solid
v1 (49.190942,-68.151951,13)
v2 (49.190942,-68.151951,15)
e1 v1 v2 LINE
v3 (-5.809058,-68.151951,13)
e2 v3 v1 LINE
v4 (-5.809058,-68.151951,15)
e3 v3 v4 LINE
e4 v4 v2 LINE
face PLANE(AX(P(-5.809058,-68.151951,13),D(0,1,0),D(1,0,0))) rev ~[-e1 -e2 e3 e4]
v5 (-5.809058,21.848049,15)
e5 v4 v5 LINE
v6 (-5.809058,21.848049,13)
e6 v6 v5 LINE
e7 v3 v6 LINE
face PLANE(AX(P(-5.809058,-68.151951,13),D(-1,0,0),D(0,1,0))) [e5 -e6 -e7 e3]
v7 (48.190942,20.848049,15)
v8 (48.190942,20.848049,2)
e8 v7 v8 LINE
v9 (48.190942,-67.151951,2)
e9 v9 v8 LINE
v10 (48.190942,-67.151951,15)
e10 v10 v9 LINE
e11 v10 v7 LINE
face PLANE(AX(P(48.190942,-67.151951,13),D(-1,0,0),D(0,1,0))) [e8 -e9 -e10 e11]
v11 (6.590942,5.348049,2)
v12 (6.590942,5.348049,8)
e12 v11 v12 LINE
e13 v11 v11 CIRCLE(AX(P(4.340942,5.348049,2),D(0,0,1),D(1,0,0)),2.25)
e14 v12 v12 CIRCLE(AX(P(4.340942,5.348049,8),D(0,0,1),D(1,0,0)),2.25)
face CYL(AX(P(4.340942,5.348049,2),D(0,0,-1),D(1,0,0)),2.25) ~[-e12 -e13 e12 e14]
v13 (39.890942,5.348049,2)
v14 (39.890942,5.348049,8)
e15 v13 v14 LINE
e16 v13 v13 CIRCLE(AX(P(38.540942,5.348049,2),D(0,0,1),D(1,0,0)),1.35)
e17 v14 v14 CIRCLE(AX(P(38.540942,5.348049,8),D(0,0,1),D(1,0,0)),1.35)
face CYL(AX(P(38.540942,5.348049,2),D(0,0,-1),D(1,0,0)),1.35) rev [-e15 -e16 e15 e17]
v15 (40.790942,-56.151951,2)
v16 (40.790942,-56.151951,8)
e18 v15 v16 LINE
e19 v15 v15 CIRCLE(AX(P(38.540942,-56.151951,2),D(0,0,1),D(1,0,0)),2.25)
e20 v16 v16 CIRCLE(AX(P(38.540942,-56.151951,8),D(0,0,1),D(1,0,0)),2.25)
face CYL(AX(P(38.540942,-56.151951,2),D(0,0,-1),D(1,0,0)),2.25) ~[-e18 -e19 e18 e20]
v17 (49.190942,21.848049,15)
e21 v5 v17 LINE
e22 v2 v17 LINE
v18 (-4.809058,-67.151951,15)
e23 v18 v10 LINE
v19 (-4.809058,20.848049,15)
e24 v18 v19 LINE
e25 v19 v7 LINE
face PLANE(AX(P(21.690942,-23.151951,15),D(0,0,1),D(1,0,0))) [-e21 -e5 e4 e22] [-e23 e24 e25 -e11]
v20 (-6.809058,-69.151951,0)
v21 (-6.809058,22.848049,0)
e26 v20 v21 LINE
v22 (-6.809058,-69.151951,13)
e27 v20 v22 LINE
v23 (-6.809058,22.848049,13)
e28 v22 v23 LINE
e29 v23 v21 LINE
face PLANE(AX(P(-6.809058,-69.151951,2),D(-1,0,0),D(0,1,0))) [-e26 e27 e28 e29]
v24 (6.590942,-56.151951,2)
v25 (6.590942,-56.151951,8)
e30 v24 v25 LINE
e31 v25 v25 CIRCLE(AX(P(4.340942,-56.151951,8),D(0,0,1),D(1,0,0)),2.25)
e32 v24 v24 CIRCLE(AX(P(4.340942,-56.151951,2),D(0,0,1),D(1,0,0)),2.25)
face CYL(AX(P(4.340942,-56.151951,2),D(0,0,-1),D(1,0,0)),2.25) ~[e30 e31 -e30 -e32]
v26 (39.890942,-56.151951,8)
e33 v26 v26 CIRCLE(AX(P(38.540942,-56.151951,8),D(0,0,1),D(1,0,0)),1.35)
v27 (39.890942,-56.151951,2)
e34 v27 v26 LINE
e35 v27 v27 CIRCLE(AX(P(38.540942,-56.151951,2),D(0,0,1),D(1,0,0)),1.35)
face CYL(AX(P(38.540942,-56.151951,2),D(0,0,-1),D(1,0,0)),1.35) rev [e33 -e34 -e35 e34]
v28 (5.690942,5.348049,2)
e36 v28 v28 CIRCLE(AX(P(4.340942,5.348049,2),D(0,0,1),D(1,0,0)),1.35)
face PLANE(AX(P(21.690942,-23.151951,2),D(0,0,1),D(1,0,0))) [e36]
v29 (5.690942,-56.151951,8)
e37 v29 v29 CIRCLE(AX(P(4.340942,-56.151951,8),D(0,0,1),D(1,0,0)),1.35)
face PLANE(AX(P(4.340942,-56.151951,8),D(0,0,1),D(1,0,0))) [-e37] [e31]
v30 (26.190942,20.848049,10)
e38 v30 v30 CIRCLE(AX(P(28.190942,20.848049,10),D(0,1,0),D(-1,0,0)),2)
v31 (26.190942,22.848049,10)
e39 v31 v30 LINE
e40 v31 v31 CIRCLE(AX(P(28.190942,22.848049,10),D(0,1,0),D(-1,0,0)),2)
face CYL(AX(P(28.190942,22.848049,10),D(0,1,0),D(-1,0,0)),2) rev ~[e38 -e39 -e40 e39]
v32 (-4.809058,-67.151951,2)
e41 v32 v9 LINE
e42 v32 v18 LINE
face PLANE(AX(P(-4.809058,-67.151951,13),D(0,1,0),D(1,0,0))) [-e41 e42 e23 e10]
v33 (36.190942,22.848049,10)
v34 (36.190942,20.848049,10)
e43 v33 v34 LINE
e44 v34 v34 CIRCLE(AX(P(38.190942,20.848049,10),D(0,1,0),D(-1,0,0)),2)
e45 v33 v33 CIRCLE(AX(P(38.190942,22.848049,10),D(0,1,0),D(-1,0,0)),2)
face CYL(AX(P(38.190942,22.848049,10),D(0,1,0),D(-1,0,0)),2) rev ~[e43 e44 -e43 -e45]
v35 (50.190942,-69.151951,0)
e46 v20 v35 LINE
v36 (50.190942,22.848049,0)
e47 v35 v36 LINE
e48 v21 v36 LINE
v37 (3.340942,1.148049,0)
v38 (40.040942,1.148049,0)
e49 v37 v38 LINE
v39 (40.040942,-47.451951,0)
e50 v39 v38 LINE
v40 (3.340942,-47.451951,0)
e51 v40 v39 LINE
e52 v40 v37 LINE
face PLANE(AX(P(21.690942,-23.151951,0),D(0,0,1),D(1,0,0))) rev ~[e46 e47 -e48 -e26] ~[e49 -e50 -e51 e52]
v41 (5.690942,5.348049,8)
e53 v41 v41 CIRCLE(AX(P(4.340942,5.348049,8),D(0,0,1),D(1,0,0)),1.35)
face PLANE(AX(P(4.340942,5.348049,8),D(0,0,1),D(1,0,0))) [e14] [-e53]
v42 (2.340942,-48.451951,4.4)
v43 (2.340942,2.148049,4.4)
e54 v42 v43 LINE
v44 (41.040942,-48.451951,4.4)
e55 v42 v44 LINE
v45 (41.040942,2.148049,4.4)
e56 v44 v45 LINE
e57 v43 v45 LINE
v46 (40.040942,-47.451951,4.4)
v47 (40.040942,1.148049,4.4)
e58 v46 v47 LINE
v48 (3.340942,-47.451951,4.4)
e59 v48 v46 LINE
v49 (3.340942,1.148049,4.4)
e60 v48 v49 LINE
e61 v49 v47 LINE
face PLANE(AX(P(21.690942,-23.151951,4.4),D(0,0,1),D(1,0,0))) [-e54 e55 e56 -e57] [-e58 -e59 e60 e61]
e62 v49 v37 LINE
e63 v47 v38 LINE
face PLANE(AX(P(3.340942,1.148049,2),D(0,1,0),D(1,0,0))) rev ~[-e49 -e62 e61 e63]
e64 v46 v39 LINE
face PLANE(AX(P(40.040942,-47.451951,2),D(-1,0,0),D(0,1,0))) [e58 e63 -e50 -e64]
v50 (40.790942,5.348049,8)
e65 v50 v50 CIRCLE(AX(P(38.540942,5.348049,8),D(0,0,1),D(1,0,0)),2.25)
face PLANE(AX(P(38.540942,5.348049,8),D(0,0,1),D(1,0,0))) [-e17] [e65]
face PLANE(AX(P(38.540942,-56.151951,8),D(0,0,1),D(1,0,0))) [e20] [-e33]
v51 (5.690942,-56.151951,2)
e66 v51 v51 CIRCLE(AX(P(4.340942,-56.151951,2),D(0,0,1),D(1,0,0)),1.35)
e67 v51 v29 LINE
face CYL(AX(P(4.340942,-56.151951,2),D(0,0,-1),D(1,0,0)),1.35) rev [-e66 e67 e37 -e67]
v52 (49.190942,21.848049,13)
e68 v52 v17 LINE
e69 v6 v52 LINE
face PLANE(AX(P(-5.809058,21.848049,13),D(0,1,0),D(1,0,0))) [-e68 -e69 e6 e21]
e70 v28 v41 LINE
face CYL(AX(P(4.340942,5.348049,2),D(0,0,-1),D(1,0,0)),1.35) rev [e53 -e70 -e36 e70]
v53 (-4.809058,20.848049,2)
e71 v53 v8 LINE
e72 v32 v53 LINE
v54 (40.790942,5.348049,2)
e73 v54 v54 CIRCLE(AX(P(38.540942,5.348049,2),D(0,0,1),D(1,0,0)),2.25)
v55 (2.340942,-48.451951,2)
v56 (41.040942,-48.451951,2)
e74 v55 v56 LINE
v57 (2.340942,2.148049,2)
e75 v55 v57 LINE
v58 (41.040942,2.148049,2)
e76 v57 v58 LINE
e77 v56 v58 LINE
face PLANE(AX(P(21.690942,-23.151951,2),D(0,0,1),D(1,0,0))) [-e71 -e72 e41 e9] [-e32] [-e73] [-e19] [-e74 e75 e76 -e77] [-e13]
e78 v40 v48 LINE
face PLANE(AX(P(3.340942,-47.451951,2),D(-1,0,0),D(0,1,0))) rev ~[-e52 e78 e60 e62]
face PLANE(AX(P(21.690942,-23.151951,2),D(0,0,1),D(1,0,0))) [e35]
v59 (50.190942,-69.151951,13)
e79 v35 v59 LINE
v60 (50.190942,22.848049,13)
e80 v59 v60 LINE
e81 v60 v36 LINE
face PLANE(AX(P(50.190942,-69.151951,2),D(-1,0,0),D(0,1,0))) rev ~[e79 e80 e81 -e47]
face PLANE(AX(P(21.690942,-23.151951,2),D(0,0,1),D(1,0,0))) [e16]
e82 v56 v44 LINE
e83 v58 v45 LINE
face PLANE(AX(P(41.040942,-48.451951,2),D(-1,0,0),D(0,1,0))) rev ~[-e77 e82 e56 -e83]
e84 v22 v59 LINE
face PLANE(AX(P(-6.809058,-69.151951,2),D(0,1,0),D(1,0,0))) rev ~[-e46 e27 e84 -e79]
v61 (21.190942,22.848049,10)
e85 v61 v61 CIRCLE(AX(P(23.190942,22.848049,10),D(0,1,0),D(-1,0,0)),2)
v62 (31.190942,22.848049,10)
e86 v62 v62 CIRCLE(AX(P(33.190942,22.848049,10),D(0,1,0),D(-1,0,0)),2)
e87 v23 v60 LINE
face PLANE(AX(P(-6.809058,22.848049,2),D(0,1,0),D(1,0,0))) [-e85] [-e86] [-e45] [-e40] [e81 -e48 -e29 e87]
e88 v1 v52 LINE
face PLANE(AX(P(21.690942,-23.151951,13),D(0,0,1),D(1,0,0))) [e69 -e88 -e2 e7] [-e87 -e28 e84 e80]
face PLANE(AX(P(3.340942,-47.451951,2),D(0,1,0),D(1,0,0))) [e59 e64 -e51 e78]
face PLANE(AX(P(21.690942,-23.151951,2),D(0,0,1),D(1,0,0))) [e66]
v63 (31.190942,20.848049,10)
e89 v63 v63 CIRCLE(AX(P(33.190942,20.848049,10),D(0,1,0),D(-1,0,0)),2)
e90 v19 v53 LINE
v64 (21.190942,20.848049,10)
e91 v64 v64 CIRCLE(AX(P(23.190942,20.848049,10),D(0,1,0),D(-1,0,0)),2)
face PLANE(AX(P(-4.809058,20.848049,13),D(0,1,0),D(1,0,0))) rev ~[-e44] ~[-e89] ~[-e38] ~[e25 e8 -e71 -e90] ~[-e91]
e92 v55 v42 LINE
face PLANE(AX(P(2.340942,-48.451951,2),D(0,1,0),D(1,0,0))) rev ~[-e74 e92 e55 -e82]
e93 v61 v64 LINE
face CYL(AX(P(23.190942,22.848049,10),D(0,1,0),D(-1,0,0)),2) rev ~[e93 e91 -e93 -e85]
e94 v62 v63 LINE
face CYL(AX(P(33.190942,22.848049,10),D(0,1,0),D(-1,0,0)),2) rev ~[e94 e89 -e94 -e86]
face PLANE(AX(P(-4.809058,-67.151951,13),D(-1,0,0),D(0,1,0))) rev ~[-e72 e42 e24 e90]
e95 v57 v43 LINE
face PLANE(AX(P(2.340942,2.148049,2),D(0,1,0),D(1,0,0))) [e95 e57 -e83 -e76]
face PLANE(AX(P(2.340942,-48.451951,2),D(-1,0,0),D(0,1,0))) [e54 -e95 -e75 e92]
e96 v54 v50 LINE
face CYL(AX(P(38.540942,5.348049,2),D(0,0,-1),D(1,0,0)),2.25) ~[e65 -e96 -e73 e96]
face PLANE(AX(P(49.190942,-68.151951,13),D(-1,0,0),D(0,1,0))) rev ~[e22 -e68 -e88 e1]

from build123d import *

# Parameters (mm, degrees)
SKETCH_W      = 57
SKETCH_H      = 92
SKETCH_W_2    = 36.7
SKETCH_H_2    = 48.6
PAD_DEPTH     = 2
SKETCH001_R   = 2.25
SKETCH001_R_2 = 1.35
PAD001_DEPTH  = 6
SKETCH002_W   = 57
SKETCH002_H   = 92
SKETCH002_W_2 = 53
SKETCH002_H_2 = 88
PAD002_DEPTH  = 11
SKETCH007_W   = 38.7
SKETCH007_H   = 50.6
SKETCH007_W_2 = 36.7
SKETCH007_H_2 = 48.6
PAD005_DEPTH  = 2.4
SKETCH008_W   = 55
SKETCH008_H   = 90
SKETCH008_W_2 = 53
SKETCH008_H_2 = 88
PAD006_DEPTH  = 2
SKETCH009_R   = 2
POCKET_DEPTH  = 5


with BuildPart() as part:
    # Sketch → Pad (new body)
    with BuildSketch(Plane.XY):
        with Locations((21.690942, -23.151951)):
            Rectangle(SKETCH_W, SKETCH_H)
        with Locations((21.690942, -23.151951)):
            Rectangle(SKETCH_W_2, SKETCH_H_2, mode=Mode.SUBTRACT)
    extrude(amount=PAD_DEPTH)

    # Sketch001 (on Face10 of Pad) → Pad001 (join)
    with BuildSketch(Plane.XY.offset(2)):
        with Locations((4.340942, 5.348049)):
            Circle(SKETCH001_R)
        with Locations((4.340942, 5.348049)):
            Circle(SKETCH001_R_2, mode=Mode.SUBTRACT)
        with Locations((38.540942, 5.348049)):
            Circle(SKETCH001_R)
        with Locations((38.540942, 5.348049)):
            Circle(SKETCH001_R_2, mode=Mode.SUBTRACT)
        with Locations((4.340942, -56.151951)):
            Circle(SKETCH001_R)
        with Locations((4.340942, -56.151951)):
            Circle(SKETCH001_R_2, mode=Mode.SUBTRACT)
        with Locations((38.540942, -56.151951)):
            Circle(SKETCH001_R)
        with Locations((38.540942, -56.151951)):
            Circle(SKETCH001_R_2, mode=Mode.SUBTRACT)
    extrude(amount=PAD001_DEPTH)

    # Sketch002 (on Face5 of Pad001) → Pad002 (join)
    with BuildSketch(Plane.XY.offset(2)):
        with Locations((21.690942, -23.151951)):
            Rectangle(SKETCH002_W, SKETCH002_H)
        with Locations((21.690942, -23.151951)):
            Rectangle(SKETCH002_W_2, SKETCH002_H_2, mode=Mode.SUBTRACT)
    extrude(amount=PAD002_DEPTH)

    # Sketch007 (on Face15 of Pad002) → Pad005 (join)
    with BuildSketch(Plane.XY.offset(2)):
        with Locations((21.690942, -23.151951)):
            Rectangle(SKETCH007_W, SKETCH007_H)
        with Locations((21.690942, -23.151951)):
            Rectangle(SKETCH007_W_2, SKETCH007_H_2, mode=Mode.SUBTRACT)
    extrude(amount=PAD005_DEPTH)

    # Sketch008 (on Face13 of Pad002) → Pad006 (join)
    with BuildSketch(Plane.XY.offset(13)):
        with Locations((21.690942, -23.151951)):
            Rectangle(SKETCH008_W, SKETCH008_H)
        with Locations((21.690942, -23.151951)):
            Rectangle(SKETCH008_W_2, SKETCH008_H_2, mode=Mode.SUBTRACT)
    extrude(amount=PAD006_DEPTH)

    # Sketch009 (on Face5 of Pad006) → Pocket (cut)
    with BuildSketch(Plane(origin=(0, 22.848049, 0), x_dir=(-1, 0, 0), z_dir=(0, 1, 0))):
        with Locations((-38.190942, 10)):
            Circle(SKETCH009_R)
        with Locations((-33.190942, 10)):
            Circle(SKETCH009_R)
        with Locations((-28.190942, 10)):
            Circle(SKETCH009_R)
        with Locations((-23.190942, 10)):
            Circle(SKETCH009_R)
    extrude(amount=-POCKET_DEPTH, mode=Mode.SUBTRACT)


solid = part.part
